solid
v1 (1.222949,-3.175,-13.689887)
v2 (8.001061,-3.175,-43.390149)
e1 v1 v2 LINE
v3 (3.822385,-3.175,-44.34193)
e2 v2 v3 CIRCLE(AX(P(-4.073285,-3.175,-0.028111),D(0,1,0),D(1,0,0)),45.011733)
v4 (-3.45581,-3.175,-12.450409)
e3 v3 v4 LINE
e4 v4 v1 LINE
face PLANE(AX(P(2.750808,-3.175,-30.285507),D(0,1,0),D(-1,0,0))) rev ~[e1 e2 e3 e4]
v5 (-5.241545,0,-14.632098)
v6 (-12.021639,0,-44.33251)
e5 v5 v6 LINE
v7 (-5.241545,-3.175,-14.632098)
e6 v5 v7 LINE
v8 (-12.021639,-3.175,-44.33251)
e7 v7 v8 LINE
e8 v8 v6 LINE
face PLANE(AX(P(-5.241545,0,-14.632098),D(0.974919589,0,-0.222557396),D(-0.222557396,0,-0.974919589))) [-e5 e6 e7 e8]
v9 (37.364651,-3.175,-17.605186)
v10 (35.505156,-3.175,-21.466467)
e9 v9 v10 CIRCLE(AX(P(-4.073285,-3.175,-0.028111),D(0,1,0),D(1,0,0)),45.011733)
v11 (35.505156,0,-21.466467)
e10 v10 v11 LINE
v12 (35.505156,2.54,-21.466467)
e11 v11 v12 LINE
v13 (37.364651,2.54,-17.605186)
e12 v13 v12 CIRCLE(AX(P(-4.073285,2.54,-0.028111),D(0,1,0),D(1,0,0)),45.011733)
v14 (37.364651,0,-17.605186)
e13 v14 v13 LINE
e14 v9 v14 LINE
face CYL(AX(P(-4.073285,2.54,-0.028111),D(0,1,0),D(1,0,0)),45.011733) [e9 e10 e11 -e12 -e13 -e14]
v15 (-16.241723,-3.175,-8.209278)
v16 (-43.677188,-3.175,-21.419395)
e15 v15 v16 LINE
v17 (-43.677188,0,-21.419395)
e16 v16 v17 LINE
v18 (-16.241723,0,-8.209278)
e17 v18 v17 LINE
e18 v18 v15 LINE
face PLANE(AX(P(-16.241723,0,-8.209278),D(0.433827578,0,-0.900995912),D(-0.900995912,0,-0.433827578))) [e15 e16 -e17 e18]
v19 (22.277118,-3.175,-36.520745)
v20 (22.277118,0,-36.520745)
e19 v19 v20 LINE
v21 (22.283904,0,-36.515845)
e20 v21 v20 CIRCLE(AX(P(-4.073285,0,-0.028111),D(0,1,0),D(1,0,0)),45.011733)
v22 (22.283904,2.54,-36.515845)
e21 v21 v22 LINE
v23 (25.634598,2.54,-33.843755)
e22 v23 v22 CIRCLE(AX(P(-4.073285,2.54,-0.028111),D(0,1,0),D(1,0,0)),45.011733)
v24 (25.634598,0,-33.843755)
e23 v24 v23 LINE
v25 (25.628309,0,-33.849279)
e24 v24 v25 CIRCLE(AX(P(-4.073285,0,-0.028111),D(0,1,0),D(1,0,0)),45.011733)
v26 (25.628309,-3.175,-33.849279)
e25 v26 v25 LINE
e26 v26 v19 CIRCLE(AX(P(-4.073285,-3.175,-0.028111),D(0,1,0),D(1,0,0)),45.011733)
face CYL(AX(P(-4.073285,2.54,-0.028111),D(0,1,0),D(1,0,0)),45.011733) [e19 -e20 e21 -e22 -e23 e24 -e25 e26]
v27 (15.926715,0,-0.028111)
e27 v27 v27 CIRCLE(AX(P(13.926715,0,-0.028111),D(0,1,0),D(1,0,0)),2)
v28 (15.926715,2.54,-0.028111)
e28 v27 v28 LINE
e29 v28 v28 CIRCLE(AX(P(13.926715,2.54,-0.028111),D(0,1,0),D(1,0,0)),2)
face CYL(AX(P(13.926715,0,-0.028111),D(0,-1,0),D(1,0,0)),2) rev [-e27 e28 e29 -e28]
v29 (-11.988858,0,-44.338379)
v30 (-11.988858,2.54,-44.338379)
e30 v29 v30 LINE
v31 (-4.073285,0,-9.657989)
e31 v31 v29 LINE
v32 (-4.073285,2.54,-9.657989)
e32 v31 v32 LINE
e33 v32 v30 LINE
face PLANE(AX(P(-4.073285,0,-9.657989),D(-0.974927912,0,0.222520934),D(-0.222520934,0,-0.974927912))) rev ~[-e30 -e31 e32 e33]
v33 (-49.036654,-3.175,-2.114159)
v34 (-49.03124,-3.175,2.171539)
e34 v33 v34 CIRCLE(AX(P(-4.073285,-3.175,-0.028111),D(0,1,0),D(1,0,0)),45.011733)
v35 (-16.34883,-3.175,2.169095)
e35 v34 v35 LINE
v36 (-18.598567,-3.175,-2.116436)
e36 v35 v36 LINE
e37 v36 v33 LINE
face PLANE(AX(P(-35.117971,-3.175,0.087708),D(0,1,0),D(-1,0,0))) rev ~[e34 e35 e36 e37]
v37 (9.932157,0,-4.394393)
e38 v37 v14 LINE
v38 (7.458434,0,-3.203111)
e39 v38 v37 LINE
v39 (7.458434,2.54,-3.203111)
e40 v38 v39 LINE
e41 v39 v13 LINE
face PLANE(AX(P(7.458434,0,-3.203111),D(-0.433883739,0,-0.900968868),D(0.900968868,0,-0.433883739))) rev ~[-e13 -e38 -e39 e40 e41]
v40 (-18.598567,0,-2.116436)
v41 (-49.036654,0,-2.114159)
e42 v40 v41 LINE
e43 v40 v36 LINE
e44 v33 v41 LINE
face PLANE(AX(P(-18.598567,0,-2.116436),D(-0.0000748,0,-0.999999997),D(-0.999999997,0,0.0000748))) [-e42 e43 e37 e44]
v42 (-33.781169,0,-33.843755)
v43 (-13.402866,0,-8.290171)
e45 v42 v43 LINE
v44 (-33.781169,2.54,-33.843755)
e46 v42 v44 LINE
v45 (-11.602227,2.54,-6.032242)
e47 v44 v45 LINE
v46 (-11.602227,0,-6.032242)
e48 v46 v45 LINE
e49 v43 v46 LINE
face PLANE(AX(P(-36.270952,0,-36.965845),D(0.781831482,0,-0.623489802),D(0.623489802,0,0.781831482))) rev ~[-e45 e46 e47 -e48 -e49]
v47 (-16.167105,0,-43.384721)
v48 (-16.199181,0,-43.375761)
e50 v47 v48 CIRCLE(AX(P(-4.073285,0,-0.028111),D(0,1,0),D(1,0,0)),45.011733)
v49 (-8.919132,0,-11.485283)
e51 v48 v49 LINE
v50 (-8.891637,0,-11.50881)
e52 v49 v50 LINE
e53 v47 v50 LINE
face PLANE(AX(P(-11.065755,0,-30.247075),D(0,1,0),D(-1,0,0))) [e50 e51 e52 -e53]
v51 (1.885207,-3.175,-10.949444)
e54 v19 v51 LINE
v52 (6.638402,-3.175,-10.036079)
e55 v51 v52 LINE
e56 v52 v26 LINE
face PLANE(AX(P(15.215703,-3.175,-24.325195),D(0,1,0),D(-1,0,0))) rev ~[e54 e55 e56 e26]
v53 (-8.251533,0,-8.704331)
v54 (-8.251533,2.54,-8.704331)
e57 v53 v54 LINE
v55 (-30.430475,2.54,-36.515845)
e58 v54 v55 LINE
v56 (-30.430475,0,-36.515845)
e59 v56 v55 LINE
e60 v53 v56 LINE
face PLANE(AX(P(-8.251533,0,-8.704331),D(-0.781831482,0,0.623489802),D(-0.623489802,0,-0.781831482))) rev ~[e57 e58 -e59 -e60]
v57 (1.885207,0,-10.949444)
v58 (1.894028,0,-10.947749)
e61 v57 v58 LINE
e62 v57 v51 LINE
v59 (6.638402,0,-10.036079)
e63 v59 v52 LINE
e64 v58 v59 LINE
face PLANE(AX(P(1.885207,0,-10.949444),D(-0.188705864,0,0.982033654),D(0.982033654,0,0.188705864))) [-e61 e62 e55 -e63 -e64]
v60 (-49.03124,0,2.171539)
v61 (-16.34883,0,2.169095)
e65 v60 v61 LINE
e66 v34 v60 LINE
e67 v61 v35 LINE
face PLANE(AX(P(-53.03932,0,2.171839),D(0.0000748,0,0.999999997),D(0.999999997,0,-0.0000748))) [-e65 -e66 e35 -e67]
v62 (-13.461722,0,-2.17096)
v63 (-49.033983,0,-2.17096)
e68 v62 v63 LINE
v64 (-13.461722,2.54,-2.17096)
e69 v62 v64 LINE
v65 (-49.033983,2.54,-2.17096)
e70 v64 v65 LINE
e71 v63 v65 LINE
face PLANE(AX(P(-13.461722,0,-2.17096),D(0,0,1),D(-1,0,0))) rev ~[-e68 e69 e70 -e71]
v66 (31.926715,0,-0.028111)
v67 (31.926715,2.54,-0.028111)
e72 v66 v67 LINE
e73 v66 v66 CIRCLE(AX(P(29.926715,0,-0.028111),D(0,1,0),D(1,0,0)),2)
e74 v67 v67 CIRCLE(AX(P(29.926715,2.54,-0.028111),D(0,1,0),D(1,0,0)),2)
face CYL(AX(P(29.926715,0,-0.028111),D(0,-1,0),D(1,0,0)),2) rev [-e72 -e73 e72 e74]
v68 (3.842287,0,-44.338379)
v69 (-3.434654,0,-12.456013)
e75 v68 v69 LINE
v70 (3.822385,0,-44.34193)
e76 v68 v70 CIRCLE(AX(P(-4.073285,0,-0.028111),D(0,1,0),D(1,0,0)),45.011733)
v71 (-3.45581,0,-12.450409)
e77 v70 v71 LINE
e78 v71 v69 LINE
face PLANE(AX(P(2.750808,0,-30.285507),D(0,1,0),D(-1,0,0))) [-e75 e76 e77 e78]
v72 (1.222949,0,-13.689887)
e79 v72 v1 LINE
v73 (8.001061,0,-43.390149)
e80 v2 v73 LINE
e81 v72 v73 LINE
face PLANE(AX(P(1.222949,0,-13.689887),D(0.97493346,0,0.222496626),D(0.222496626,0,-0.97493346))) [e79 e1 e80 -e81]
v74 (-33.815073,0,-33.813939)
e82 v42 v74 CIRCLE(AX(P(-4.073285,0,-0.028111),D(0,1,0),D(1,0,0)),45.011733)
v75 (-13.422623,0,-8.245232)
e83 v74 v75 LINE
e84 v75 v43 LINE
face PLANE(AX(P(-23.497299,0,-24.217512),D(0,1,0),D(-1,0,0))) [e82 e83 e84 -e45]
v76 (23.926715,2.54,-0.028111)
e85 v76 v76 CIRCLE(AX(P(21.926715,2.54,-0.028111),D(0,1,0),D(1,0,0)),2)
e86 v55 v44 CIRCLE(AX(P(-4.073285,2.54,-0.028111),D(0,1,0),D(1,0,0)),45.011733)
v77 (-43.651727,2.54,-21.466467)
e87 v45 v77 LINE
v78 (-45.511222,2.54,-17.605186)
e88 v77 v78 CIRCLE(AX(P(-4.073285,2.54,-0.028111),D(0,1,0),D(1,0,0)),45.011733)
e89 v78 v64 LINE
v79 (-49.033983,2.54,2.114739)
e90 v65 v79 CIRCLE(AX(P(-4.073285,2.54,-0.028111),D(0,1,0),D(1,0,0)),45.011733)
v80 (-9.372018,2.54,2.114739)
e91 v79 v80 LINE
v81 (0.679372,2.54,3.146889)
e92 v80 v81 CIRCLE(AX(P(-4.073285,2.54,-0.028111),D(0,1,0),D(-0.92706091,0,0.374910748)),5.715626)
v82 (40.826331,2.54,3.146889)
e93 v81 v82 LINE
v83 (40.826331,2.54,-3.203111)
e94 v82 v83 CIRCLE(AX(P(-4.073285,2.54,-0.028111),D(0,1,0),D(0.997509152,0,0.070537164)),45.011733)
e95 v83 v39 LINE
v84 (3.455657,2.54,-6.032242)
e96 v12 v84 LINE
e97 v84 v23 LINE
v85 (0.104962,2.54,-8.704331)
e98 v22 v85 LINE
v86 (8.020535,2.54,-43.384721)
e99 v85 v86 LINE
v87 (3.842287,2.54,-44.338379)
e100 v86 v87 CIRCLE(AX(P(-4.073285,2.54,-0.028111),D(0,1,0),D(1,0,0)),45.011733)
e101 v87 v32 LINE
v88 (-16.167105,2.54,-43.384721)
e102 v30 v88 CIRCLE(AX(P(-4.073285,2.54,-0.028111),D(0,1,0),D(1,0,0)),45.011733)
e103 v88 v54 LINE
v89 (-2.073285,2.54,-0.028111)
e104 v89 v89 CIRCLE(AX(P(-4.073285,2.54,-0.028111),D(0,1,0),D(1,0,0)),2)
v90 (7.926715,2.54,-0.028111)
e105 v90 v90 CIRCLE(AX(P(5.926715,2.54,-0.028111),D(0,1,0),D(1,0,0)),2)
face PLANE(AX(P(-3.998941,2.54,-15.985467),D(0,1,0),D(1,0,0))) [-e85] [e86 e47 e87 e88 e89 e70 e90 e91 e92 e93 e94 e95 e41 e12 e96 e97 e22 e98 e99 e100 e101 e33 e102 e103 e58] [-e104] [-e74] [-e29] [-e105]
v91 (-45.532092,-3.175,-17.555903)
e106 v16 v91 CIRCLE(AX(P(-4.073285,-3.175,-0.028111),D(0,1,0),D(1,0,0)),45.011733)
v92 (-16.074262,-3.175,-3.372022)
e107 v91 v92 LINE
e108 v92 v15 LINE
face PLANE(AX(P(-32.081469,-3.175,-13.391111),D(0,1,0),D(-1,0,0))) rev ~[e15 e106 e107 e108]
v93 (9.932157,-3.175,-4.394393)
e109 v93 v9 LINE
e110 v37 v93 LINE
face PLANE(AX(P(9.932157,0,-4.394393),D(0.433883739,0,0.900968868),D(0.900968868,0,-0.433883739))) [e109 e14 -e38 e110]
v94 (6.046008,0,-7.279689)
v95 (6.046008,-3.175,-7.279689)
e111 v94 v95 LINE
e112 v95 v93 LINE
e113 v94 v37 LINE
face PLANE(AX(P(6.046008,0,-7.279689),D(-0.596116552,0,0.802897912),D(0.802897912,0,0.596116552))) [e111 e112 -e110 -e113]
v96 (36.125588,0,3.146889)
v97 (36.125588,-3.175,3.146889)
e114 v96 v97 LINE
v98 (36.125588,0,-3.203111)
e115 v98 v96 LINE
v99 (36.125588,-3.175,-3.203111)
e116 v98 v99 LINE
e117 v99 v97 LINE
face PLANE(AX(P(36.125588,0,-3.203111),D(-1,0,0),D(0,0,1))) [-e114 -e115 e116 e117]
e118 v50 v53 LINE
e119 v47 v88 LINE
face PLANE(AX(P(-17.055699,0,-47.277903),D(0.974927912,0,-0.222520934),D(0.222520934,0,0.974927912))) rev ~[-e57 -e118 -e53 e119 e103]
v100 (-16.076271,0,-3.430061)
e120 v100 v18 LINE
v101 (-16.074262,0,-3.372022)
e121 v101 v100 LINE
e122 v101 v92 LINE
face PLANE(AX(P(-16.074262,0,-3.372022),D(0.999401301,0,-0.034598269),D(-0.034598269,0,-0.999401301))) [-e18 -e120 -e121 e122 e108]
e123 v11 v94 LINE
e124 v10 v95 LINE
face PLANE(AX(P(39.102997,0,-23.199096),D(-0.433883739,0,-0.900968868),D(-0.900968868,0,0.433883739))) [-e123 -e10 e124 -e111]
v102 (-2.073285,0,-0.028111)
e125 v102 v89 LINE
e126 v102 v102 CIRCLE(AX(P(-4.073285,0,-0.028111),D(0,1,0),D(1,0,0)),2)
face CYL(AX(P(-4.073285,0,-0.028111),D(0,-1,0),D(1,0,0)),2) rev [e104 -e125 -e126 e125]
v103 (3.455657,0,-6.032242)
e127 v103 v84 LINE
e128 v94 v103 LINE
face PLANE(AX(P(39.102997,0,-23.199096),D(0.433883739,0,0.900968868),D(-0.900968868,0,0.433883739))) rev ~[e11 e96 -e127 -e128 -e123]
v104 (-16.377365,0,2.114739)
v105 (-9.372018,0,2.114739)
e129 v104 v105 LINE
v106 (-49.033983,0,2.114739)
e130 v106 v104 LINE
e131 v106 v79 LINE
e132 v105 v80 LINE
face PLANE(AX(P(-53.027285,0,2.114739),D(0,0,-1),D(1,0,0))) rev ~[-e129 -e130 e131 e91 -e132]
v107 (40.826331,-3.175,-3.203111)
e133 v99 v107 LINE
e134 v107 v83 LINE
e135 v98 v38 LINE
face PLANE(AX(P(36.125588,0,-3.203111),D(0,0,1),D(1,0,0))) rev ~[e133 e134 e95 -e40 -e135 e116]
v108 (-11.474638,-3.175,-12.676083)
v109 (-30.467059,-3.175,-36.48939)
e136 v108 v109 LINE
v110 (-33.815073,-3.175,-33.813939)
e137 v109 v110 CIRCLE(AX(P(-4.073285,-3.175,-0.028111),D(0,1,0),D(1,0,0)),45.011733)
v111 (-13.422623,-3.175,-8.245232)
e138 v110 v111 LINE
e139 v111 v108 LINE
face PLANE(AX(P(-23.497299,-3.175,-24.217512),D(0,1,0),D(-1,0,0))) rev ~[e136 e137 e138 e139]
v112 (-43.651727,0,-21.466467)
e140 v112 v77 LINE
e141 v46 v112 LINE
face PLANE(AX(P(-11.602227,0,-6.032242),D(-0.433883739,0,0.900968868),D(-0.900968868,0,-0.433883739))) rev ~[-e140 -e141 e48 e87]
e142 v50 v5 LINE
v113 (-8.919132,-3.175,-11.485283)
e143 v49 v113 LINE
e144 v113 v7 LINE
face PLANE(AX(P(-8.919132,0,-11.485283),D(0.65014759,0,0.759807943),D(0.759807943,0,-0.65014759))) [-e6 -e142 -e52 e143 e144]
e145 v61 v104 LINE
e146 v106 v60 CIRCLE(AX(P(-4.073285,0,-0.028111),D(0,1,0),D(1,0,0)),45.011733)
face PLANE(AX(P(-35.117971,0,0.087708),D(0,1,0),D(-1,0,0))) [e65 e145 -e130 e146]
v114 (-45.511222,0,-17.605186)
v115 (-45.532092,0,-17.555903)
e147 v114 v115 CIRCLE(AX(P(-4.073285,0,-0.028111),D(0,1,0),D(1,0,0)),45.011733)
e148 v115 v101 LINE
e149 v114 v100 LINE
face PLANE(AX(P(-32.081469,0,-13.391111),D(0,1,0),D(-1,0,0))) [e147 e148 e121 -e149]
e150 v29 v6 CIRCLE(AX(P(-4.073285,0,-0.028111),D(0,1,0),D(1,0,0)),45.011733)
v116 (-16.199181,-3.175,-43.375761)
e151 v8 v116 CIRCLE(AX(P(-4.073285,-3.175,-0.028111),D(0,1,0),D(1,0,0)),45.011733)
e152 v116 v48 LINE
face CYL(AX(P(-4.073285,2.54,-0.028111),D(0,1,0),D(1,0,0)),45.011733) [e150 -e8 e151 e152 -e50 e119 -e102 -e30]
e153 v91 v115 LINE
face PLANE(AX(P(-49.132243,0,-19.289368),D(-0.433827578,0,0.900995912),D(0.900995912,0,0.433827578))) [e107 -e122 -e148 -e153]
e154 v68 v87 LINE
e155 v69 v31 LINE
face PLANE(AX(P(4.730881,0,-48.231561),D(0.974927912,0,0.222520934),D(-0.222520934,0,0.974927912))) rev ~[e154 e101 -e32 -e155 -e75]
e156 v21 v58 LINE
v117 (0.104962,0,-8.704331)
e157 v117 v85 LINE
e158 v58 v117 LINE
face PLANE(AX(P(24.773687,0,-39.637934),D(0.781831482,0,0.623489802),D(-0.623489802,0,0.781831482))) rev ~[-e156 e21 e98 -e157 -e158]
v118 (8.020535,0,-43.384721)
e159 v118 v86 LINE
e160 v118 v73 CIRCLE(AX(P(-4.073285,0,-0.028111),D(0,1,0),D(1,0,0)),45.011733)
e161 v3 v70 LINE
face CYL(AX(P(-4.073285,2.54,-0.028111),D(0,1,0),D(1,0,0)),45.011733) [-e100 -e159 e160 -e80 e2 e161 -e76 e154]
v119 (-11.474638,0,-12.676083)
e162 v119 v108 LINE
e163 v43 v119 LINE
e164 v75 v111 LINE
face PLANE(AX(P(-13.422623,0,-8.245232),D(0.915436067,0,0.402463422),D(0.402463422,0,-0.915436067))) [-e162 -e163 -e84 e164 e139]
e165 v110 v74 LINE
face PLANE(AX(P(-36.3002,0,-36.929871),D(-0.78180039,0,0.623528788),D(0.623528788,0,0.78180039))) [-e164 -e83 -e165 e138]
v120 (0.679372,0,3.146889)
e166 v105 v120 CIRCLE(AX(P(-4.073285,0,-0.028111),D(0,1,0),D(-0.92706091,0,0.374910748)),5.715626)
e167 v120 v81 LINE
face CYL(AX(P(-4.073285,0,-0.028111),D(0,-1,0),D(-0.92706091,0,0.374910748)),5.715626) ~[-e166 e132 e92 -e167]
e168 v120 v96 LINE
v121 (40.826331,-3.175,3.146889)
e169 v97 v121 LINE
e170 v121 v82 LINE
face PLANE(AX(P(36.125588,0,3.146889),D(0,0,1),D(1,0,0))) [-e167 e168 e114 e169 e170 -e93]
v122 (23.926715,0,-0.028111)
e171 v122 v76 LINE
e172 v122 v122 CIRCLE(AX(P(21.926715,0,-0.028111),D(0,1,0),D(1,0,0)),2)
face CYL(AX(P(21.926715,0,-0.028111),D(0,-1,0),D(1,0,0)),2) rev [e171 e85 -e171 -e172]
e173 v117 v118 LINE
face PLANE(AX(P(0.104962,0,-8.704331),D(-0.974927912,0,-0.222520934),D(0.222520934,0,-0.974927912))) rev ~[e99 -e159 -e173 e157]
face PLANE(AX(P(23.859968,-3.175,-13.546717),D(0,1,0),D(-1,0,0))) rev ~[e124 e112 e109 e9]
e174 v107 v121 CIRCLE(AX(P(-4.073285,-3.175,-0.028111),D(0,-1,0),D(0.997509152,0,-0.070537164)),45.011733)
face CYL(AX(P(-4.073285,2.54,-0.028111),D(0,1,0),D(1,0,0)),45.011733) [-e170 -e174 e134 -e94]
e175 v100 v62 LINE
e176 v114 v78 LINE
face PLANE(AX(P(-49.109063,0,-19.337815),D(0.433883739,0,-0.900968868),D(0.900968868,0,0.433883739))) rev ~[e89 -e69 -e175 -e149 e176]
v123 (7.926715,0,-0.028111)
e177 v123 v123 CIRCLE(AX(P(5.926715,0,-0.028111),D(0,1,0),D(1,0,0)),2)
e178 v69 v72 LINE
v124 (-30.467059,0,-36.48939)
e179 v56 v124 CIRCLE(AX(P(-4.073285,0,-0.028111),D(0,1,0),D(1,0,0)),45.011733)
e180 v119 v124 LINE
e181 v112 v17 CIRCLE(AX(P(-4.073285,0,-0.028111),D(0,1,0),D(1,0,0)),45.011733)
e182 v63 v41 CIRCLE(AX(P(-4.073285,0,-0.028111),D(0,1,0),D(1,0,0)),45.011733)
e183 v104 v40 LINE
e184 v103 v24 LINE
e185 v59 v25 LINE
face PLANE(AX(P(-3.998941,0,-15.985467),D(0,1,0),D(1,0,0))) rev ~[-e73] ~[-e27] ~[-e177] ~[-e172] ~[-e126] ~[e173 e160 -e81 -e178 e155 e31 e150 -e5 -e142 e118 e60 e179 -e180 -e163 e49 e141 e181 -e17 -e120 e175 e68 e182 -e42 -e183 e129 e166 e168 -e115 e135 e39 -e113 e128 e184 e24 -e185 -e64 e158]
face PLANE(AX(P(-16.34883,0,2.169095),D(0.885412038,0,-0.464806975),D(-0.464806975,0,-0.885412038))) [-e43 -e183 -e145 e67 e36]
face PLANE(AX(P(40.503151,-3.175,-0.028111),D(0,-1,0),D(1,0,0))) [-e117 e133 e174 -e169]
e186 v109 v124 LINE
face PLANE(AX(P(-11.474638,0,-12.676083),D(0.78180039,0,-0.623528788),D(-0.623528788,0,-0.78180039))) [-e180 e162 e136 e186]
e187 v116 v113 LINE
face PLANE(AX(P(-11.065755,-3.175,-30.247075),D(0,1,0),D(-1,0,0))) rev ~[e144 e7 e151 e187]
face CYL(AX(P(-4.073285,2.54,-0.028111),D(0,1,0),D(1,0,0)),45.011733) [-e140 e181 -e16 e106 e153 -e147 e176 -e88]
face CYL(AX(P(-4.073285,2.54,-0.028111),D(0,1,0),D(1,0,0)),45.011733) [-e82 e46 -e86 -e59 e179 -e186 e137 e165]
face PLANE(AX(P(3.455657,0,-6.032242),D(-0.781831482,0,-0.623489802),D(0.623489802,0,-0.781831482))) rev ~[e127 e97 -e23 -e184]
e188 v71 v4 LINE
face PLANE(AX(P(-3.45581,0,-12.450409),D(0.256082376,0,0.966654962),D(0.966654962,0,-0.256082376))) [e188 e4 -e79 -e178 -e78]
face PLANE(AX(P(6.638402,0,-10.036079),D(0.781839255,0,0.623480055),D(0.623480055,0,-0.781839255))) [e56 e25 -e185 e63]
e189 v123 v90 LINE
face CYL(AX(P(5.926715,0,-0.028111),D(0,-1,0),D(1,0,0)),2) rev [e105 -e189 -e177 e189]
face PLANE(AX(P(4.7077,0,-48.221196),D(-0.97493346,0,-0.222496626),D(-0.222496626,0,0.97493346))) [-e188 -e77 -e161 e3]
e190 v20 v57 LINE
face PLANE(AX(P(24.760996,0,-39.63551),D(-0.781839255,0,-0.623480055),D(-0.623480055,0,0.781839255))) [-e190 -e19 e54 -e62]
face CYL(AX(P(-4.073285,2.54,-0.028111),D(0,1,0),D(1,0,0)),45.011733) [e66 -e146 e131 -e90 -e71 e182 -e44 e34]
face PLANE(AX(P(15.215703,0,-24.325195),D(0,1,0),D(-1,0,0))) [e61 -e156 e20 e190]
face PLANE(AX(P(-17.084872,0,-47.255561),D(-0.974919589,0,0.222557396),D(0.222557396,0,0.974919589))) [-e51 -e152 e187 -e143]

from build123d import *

# Parameters (mm, degrees)
SKETCH1_R           = 2
BOSS_EXTRUDE1_DEPTH = 2.54
BOSS_EXTRUDE2_DEPTH = 3.175
SKETCH4_W           = 8.755126744
SKETCH4_H           = 6.35
BOSS_EXTRUDE3_DEPTH = 3.175
SKETCH5_R           = 56.952437084
SKETCH5_R_2         = 45.011733307
CUT_EXTRUDE1_DEPTH  = 15.24


with BuildPart() as part:
    # Sketch1 → Boss-Extrude1 (new body)
    with BuildSketch(Plane(origin=(0, 0, 0), x_dir=(1, 0, 0), z_dir=(0, 1, 0))):
        with BuildLine():
            Line((-12.877451354, 48.231560826), (-17.055698858, 47.277903099))
            Line((-17.055698858, 47.277903099), (-8.251532809, 8.704331291))
            Line((-8.251532809, 8.704331291), (-32.920257894, 39.637934129))
            Line((-32.920257894, 39.637934129), (-36.270952237, 36.965844556))
            Line((-36.270952237, 36.965844556), (-11.602227151, 6.032241718))
            Line((-11.602227151, 6.032241718), (-47.249567728, 23.199096168))
            Line((-47.249567728, 23.199096168), (-49.109062801, 19.337814861))
            Line((-49.109062801, 19.337814861), (-13.461722225, 2.170960411))
            Line((-13.461722225, 2.170960411), (-53.027285305, 2.170960411))
            Line((-53.027285305, 2.170960411), (-53.027285305, -2.114738512))
            Line((-53.027285305, -2.114738512), (-9.372018351, -2.114738512))
            ThreePointArc((-9.372018351, -2.114738512), (-4.657137499, -5.657616121), (0.679371921, -3.14688905))
            Line((0.679371921, -3.14688905), (44.880714695, -3.14688905))
            Line((44.880714695, -3.14688905), (44.880714695, 0.02811095))
            Line((44.880714695, 0.02811095), (44.880714695, 3.20311095))
            Line((44.880714695, 3.20311095), (7.458434292, 3.20311095))
            Line((7.458434292, 3.20311095), (40.962492191, 19.337814861))
            Line((40.962492191, 19.337814861), (39.102997117, 23.199096168))
            Line((39.102997117, 23.199096168), (3.455656541, 6.032241718))
            Line((3.455656541, 6.032241718), (28.124381626, 36.965844556))
            Line((28.124381626, 36.965844556), (24.773687284, 39.637934129))
            Line((24.773687284, 39.637934129), (0.104962198, 8.704331291))
            Line((0.104962198, 8.704331291), (8.909128247, 47.277903099))
            Line((8.909128247, 47.277903099), (4.730880744, 48.231560826))
            Line((4.730880744, 48.231560826), (-4.073285305, 9.657989018))
            Line((-4.073285305, 9.657989018), (-12.877451354, 48.231560826))
        make_face()
        with Locations((-4.073285305, 0.02811095)):
            Circle(SKETCH1_R, mode=Mode.SUBTRACT)
        with Locations((5.926714695, 0.02811095)):
            Circle(SKETCH1_R, mode=Mode.SUBTRACT)
        with Locations((13.926714695, 0.02811095)):
            Circle(SKETCH1_R, mode=Mode.SUBTRACT)
        with Locations((21.926714695, 0.02811095)):
            Circle(SKETCH1_R, mode=Mode.SUBTRACT)
        with Locations((29.926714695, 0.02811095)):
            Circle(SKETCH1_R, mode=Mode.SUBTRACT)
    extrude(amount=BOSS_EXTRUDE1_DEPTH)

    # Sketch3 → Boss-Extrude2 (add)
    with BuildSketch(Plane.XZ):
        Polygon((40.962492191, -19.337814861), (39.102997117, -23.199096168), (6.04600763, -7.279689057), (9.932157206, -4.394393119), align=None)
        Polygon((6.638401546, -10.036078698), (28.111723935, -36.963461939), (24.76099628, -39.635509739), (1.885207385, -10.949444147), align=None)
        Polygon((1.222949052, -13.689887234), (8.885971689, -47.267642171), (4.707700409, -48.221195721), (-3.455809874, -12.450409084), align=None)
        Polygon((-5.241544906, -14.632097606), (-12.906660536, -48.209374817), (-17.08487237, -47.255560825), (-8.919132396, -11.485283116), align=None)
        Polygon((-11.474638084, -12.676083302), (-32.949638901, -39.602127989), (-36.300199991, -36.929871333), (-13.422623046, -8.245231717), align=None)
        Polygon((-16.241722503, -8.209278105), (-47.272988898, -23.150765598), (-49.132243282, -19.28936839), (-16.074261552, -3.372021857), align=None)
        Polygon((-18.598567057, -2.116435888), (-53.039640443, -2.113859702), (-53.039319873, 2.171839209), (-16.348829699, 2.169094767), align=None)
    extrude(amount=BOSS_EXTRUDE2_DEPTH)

    # Sketch4 → Boss-Extrude3 (add)
    with BuildSketch(Plane.XZ):
        with Locations((40.503151323, -0.02811095)):
            Rectangle(SKETCH4_W, SKETCH4_H)
    extrude(amount=BOSS_EXTRUDE3_DEPTH)

    # Sketch5 → Cut-Extrude1 (cut)
    with BuildSketch(Plane(origin=(0, 2.54, 0), x_dir=(1, 0, 0), z_dir=(0, 1, 0))):
        with Locations((-4.073285305, 0.02811095)):
            Circle(SKETCH5_R)
        with Locations((-4.073285305, 0.02811095)):
            Circle(SKETCH5_R_2, mode=Mode.SUBTRACT)
    extrude(amount=-CUT_EXTRUDE1_DEPTH, mode=Mode.SUBTRACT)


solid = part.part
